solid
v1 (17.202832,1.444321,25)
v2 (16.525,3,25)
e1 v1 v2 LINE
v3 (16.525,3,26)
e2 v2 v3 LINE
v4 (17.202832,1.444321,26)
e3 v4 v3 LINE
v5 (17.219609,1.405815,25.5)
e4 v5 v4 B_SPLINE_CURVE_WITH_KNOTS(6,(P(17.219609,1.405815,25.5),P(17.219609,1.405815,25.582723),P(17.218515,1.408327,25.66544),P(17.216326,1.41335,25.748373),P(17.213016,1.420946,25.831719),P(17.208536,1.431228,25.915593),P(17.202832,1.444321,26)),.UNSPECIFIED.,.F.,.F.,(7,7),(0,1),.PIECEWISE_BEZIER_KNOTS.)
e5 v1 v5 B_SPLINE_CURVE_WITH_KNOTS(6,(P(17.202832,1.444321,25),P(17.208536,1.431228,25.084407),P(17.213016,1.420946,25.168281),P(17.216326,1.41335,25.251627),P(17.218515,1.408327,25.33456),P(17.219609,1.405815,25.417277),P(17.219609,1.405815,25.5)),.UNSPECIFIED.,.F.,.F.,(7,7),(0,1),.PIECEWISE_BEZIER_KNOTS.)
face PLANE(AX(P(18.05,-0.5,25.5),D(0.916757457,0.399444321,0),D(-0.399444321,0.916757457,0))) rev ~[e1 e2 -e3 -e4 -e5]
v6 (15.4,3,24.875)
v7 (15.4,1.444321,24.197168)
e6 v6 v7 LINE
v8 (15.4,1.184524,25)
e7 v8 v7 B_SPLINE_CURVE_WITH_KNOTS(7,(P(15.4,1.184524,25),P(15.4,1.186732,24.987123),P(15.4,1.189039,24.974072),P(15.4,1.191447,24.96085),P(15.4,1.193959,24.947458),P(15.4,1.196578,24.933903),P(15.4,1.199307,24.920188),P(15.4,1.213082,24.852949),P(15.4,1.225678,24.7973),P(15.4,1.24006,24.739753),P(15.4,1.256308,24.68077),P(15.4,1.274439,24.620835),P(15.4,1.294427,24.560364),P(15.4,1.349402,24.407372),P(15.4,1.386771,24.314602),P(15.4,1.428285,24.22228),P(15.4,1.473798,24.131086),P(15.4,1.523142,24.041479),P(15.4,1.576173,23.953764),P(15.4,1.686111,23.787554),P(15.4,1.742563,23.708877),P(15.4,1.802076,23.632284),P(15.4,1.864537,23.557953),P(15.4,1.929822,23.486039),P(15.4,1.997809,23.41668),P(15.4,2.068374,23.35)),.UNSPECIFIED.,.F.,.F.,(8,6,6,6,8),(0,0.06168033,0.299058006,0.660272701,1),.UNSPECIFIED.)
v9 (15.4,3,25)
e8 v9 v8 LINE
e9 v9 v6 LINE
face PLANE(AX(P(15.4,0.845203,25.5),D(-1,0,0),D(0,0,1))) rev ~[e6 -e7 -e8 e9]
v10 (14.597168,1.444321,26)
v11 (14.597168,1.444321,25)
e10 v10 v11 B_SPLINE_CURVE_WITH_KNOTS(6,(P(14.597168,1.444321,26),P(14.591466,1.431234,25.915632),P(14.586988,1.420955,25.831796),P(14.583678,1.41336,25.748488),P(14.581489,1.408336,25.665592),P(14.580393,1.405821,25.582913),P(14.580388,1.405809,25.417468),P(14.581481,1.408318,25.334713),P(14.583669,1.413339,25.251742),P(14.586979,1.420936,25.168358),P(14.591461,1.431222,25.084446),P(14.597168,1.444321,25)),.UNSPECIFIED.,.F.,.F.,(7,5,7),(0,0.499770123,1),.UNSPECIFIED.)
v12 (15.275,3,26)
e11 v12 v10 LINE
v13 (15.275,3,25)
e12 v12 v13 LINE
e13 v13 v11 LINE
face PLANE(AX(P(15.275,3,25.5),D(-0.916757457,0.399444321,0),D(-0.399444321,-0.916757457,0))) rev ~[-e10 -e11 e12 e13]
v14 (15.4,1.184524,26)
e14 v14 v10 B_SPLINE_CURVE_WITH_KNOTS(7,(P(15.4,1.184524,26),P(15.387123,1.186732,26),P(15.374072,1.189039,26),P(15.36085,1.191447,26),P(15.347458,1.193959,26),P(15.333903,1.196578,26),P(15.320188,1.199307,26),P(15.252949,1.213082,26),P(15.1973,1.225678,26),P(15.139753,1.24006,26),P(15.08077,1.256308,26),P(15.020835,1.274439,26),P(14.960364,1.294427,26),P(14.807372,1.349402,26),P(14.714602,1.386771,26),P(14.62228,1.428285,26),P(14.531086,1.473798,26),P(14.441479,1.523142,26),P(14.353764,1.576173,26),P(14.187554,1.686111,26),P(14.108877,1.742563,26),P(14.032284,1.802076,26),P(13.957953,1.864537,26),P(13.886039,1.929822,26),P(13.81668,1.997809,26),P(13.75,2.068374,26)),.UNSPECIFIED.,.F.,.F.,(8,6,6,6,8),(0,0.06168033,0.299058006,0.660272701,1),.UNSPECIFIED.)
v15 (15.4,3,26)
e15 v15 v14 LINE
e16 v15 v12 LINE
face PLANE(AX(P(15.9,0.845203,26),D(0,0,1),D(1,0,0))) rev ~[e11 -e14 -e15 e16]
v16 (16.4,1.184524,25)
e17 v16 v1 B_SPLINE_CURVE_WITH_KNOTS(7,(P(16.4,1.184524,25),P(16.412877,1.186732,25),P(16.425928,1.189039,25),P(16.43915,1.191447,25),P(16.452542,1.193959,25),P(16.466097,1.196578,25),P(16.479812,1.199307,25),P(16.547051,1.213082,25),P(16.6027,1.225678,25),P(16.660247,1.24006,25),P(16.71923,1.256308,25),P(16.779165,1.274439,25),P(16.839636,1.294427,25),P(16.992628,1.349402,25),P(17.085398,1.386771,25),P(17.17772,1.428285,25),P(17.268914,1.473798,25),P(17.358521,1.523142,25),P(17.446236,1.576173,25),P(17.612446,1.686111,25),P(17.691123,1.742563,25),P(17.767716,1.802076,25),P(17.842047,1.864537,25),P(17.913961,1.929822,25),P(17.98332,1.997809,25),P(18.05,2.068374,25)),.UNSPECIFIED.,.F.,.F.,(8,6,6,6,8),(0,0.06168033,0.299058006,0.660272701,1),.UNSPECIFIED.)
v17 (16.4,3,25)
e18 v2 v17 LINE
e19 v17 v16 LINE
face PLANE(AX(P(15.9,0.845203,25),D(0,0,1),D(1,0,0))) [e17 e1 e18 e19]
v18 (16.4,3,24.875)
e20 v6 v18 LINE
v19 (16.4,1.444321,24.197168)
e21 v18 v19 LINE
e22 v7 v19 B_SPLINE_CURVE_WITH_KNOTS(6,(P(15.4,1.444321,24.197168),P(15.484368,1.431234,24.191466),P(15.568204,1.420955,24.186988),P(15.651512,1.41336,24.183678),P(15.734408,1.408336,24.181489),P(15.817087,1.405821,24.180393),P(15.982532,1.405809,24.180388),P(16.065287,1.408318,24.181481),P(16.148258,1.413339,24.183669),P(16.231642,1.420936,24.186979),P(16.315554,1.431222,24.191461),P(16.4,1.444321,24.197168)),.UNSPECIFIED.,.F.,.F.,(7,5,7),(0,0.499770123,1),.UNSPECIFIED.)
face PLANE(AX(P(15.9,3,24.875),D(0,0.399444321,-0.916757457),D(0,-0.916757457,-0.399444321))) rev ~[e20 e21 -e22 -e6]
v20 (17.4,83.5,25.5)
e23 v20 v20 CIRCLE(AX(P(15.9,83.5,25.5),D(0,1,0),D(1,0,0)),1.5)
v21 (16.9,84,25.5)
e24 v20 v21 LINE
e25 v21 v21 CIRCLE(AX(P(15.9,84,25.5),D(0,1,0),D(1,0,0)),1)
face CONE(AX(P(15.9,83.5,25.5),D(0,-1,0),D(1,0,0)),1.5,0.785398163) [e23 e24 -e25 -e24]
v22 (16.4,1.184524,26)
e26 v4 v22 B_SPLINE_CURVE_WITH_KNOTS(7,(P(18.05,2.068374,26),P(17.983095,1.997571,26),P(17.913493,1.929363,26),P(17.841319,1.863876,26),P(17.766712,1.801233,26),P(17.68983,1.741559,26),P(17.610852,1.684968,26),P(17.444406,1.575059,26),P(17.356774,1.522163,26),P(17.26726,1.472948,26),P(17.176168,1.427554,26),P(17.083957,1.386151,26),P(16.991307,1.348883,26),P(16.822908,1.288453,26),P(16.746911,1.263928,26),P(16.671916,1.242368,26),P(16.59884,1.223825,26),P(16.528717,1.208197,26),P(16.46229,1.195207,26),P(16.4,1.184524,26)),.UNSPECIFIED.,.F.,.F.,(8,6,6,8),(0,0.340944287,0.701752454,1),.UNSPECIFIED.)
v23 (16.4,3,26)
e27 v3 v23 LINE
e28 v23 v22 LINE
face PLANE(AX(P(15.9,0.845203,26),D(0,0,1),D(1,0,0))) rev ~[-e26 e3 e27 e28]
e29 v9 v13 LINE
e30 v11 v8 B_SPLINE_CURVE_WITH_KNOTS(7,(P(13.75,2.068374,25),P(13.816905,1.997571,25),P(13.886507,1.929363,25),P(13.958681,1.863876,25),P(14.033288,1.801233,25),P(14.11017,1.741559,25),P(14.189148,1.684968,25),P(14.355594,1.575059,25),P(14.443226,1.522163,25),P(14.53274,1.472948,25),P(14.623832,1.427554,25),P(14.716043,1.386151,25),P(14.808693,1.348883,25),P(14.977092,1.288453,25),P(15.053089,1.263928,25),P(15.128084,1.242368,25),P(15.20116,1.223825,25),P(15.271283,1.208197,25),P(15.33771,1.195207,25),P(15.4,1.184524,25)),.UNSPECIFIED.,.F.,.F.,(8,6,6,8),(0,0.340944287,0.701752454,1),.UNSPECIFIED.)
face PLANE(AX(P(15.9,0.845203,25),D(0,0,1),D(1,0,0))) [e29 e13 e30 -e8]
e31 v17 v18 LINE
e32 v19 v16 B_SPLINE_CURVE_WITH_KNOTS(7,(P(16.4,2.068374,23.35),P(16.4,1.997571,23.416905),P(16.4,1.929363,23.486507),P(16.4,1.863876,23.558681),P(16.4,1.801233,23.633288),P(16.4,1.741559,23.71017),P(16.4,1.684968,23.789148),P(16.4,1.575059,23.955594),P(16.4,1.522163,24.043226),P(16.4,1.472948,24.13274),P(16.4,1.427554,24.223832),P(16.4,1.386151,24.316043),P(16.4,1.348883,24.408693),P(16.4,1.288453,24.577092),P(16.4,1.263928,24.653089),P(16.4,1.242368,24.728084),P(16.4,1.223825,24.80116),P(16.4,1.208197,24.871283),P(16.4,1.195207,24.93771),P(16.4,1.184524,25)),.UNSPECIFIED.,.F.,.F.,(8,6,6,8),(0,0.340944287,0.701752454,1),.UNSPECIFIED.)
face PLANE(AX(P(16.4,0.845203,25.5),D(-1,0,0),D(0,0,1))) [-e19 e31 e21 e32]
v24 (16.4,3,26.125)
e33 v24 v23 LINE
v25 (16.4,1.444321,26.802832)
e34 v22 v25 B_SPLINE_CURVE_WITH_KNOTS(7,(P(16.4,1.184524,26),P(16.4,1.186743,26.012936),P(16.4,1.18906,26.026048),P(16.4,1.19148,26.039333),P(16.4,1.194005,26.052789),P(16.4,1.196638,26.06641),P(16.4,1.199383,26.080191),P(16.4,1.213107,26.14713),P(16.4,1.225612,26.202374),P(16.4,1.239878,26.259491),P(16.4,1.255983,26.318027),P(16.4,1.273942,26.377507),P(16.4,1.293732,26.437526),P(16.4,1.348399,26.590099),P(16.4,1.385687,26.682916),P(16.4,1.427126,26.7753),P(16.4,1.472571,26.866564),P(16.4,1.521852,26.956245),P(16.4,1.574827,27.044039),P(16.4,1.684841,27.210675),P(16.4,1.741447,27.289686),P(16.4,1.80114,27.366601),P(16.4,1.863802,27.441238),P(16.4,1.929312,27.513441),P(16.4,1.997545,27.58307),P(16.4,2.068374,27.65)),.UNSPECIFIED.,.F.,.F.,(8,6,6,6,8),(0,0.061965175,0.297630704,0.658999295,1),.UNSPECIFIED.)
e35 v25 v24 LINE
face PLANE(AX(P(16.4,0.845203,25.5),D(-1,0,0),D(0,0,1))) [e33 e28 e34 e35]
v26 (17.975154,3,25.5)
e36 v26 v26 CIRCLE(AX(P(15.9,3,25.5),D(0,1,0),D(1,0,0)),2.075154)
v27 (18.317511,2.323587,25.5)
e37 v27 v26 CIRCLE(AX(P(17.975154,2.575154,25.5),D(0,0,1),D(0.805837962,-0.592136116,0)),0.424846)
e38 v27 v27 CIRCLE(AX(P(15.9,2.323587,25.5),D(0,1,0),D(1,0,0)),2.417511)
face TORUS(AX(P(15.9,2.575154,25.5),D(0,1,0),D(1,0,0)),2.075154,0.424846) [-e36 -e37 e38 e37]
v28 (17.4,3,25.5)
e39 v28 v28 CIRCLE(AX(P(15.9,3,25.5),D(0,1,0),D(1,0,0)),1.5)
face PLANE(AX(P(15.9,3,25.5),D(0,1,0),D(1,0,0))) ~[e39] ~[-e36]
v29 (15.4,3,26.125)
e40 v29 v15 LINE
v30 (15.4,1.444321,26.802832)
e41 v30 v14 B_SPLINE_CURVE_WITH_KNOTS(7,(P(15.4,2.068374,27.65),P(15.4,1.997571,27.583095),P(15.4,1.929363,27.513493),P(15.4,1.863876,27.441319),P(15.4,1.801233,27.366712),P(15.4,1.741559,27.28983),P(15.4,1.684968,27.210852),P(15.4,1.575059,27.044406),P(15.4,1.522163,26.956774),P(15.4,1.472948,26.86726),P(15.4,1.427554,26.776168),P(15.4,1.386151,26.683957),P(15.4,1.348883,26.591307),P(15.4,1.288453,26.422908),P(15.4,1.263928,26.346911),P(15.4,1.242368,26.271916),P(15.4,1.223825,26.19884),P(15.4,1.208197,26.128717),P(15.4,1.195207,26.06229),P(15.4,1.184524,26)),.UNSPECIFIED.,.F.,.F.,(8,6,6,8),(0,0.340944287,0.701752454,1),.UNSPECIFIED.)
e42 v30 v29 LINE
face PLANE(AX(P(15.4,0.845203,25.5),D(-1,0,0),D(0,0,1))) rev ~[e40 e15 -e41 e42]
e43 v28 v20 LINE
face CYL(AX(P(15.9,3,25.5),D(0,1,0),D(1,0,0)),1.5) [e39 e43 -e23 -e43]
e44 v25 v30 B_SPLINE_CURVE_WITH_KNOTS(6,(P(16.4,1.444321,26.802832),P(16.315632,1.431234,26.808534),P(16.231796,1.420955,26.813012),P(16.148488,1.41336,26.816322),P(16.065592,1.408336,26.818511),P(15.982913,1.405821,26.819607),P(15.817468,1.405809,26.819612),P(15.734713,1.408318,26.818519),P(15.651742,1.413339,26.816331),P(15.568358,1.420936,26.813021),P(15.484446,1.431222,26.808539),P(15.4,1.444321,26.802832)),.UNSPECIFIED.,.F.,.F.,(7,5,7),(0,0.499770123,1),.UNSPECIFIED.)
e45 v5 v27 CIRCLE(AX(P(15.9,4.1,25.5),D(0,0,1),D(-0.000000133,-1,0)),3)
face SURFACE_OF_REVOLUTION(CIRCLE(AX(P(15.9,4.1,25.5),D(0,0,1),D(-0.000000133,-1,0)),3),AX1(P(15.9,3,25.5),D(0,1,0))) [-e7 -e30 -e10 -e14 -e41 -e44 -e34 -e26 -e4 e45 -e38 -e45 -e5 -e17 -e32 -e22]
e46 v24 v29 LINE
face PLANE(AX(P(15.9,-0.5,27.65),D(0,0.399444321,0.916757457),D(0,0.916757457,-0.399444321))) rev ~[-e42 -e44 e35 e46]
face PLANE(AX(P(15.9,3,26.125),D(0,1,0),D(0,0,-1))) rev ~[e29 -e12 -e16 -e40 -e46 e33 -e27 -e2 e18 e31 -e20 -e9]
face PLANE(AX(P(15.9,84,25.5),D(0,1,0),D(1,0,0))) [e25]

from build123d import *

# Parameters (mm, degrees)
PAD009_DEPTH            = 0.5
BODY005_PLACEMENT_ANGLE = 90
PAD008_DEPTH            = 0.5


with BuildPart() as body005:
    # Sketch021 → Pad009 (new body, symmetric)
    with BuildSketch(Plane.XY):
        Polygon((-2.15, -3.5), (2.15, -3.5), (0.625, 0), (-0.625, 0), align=None)
    extrude(amount=PAD009_DEPTH, both=True)


with BuildPart() as body005_1:
    # Body005 placement: moved
    add(body005.part.rotate(Axis((0, 0, 0), (0, -1, 0)), BODY005_PLACEMENT_ANGLE))


with BuildPart() as fusion:
    # Sketch020 → Pad008 (new body, symmetric)
    with BuildSketch(Plane.XY):
        Polygon((-2.15, -3.5), (2.15, -3.5), (0.625, 0), (-0.625, 0), align=None)
    extrude(amount=PAD008_DEPTH, both=True)

    # Fusion: union Body005
    add(body005_1.part)


with BuildPart() as body006:
    # Sketch019 → Revolution (revolve)
    with BuildSketch(Plane.XY):
        with BuildLine():
            Line((1.5, 0), (1.5, 80.5))
            Line((1.5, 80.5), (1, 81))
            Line((1, 81), (0, 81))
            Line((0, 81), (0, -1.9))
            ThreePointArc((0, -1.9), (1.354762, -1.576681), (2.417511, -0.676413))
            ThreePointArc((2.417511, -0.676413), (2.454213, -0.232991), (2.075154, 0))
            Line((1.5, 0), (2.075154, 0))
        make_face()
    revolve(axis=Axis((0, 0, 0), (0, 1, 0)))

    # Cut: cut Fusion
    add(fusion.part, mode=Mode.SUBTRACT)


with BuildPart() as body006_1:
    # Cut placement: moved
    add(body006.part.moved(Location((-15.9, 3, 25.5))))


with BuildPart() as body006_2:
    # Clone placement: moved
    add(body006_1.part.moved(Location((15.9, 0, -25.5))))


with BuildPart() as body006_3:
    # Body006 placement: moved
    add(body006_2.part.moved(Location((15.9, 0, 25.5))))


solid = body006_3.part
